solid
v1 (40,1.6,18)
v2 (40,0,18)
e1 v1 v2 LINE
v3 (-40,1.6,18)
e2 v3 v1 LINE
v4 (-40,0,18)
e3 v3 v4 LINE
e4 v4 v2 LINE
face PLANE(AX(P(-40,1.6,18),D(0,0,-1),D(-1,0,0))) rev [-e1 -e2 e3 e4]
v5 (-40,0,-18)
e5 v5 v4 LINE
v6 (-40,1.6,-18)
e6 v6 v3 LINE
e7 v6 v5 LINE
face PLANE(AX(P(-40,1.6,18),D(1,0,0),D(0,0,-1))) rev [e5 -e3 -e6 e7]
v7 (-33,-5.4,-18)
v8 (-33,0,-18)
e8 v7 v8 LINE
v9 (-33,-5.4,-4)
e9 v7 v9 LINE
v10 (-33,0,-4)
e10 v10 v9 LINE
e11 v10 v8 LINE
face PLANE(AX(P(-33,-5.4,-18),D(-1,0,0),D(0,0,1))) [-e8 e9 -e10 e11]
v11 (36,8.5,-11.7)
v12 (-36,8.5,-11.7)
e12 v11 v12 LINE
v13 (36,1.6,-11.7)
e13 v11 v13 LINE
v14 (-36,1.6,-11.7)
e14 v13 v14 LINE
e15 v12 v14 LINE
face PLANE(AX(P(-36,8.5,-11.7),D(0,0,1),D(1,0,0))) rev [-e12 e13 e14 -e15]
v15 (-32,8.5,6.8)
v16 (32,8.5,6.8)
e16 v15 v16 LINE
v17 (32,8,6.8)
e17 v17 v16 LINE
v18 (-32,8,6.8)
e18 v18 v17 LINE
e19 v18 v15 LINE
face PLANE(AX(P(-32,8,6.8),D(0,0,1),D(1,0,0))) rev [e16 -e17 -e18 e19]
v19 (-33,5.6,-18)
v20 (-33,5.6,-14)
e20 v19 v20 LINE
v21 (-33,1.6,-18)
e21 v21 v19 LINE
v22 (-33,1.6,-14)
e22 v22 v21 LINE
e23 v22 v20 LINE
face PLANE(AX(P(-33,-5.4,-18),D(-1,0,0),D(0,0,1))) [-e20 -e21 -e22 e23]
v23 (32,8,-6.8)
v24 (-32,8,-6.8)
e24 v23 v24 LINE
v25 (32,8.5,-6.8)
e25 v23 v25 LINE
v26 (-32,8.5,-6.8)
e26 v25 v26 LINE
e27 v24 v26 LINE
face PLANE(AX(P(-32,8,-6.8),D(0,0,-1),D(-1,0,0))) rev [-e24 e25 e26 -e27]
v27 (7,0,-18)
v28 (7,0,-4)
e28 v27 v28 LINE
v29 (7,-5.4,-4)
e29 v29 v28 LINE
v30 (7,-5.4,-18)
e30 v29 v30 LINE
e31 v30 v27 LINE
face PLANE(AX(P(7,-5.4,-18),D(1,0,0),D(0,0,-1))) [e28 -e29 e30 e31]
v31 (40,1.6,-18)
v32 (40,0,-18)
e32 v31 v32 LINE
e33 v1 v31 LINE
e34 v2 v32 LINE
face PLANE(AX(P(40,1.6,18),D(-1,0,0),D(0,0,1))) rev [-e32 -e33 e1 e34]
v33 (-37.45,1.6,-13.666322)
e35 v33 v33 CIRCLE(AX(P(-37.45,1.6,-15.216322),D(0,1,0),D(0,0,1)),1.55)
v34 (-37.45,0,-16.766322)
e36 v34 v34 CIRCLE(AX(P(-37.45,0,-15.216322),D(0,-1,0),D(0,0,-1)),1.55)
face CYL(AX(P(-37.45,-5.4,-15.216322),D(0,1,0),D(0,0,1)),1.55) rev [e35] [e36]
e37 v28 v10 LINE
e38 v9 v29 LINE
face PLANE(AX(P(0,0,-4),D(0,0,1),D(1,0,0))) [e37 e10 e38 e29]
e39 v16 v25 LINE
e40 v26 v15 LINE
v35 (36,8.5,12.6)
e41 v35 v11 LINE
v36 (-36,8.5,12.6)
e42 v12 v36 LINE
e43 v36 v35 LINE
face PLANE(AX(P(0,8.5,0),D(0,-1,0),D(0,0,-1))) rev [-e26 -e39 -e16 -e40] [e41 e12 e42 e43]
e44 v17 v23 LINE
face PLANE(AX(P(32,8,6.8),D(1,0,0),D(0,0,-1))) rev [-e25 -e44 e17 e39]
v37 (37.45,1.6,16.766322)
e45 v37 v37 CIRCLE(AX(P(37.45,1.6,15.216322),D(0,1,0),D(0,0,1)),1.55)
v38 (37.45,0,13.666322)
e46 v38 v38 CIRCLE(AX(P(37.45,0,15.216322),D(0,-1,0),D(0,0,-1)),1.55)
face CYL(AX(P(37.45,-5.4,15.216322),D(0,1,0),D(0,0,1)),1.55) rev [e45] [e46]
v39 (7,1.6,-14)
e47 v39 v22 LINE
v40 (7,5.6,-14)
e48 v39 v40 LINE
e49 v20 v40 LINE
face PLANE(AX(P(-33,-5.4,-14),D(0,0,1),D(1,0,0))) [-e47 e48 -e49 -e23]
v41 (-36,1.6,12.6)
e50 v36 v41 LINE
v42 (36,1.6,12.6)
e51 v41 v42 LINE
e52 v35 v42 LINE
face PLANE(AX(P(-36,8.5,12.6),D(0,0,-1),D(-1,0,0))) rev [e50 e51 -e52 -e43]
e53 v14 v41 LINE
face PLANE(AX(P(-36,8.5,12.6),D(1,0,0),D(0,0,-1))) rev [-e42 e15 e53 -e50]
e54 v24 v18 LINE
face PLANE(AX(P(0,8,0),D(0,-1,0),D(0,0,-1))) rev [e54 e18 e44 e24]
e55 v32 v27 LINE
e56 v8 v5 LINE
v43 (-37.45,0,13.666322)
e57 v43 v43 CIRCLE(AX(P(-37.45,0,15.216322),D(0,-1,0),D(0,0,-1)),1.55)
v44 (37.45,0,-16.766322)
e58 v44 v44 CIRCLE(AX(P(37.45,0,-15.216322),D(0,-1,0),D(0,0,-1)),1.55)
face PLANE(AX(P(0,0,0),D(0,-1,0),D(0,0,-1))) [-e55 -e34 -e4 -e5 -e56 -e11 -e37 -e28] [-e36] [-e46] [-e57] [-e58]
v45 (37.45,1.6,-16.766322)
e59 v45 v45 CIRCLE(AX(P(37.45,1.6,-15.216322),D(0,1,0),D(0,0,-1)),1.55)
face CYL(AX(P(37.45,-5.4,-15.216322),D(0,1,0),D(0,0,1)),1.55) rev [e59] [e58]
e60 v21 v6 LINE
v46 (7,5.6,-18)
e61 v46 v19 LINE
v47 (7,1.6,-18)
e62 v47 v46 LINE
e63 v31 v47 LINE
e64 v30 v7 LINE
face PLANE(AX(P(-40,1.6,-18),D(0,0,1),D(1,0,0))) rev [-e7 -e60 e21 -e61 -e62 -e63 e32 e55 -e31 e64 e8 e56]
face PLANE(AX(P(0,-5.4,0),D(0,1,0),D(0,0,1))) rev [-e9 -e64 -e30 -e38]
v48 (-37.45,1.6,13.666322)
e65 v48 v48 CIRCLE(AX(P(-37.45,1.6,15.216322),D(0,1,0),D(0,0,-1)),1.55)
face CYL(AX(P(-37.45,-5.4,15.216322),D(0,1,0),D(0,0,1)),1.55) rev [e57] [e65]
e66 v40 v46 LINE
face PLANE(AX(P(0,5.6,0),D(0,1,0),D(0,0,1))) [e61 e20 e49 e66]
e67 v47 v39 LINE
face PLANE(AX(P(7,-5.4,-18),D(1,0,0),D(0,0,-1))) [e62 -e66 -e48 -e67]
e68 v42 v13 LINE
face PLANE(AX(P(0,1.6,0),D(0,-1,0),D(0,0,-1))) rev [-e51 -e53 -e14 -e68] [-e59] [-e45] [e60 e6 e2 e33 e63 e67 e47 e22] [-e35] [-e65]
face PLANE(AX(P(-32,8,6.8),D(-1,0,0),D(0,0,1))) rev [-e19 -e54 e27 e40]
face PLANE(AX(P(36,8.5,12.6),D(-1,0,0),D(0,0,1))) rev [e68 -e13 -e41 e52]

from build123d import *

# Parameters (mm, degrees)
SKETCH1_W                = 80
SKETCH1_H                = 36
BOSS_EXTRUDE1_DEPTH      = 1.6
SKETCH2_W                = 72
SKETCH2_H                = 24.3
BOSS_EXTRUDE2_DEPTH      = 6.9
SKETCH3_W                = 64
SKETCH3_H                = 13.6
CUT_EXTRUDE1_DEPTH       = 0.5
BOSS_EXTRUDE3_DEPTH      = 4
BOSS_EXTRUDE3_DEPTH_BACK = 7
SKETCH5_W                = 40
SKETCH5_H                = 4
SKETCH7_R                = 1.55
CUT_EXTRUDE2_DEPTH       = 45.418464629
SKETCH8_W                = 40
SKETCH8_H                = 5.4
BOSS_EXTRUDE4_DEPTH      = 10


with BuildPart() as part:
    # Sketch1 → Boss-Extrude1 (new body)
    with BuildSketch(Plane(origin=(0, 0, 0), x_dir=(1, 0, 0), z_dir=(0, 1, 0))):
        Rectangle(SKETCH1_W, SKETCH1_H)
    extrude(amount=BOSS_EXTRUDE1_DEPTH)

    # Sketch2 → Boss-Extrude2 (add)
    with BuildSketch(Plane(origin=(0, 1.6, 0), x_dir=(1, 0, 0), z_dir=(0, 1, 0))):
        with Locations((0, -0.45)):
            Rectangle(SKETCH2_W, SKETCH2_H)
    extrude(amount=BOSS_EXTRUDE2_DEPTH)

    # Sketch3 → Cut-Extrude1 (cut)
    with BuildSketch(Plane(origin=(0, 8.5, 0), x_dir=(1, 0, 0), z_dir=(0, 1, 0))):
        Rectangle(SKETCH3_W, SKETCH3_H)
    extrude(amount=-CUT_EXTRUDE1_DEPTH, mode=Mode.SUBTRACT)

    # Sketch5 → Boss-Extrude3 (add, two sides: drawn at the far end of the back side and taken through both)
    with BuildSketch(Plane(origin=(0, 1.6, 0), x_dir=(1, 0, 0), z_dir=(0, 1, 0)).offset(-BOSS_EXTRUDE3_DEPTH_BACK)):
        with Locations((-13, 16)):
            Rectangle(SKETCH5_W, SKETCH5_H)
    extrude(amount=BOSS_EXTRUDE3_DEPTH + BOSS_EXTRUDE3_DEPTH_BACK)

    # Sketch7 → Cut-Extrude2 (cut, through all)
    with BuildSketch(Plane(origin=(0, 1.6, 0), x_dir=(1, 0, 0), z_dir=(0, 1, 0))):
        with Locations(Location((-37.45, 15.216322293, 0), (0, 0, 270))):
            Circle(SKETCH7_R)
        with Locations(Location((37.45, 15.216322293, 0), (0, 0, 90))):
            Circle(SKETCH7_R)
        with Locations(Location((37.45, -15.216322293, 0), (0, 0, 270))):
            Circle(SKETCH7_R)
        with Locations(Location((-37.45, -15.216322293, 0), (0, 0, 90))):
            Circle(SKETCH7_R)
    extrude(amount=-CUT_EXTRUDE2_DEPTH, mode=Mode.SUBTRACT)

    # Sketch8 → Boss-Extrude4 (add)
    with BuildSketch(Plane.XY.offset(-14)):
        with Locations((-13, -2.7)):
            Rectangle(SKETCH8_W, SKETCH8_H)
    extrude(amount=BOSS_EXTRUDE4_DEPTH)


solid = part.part
